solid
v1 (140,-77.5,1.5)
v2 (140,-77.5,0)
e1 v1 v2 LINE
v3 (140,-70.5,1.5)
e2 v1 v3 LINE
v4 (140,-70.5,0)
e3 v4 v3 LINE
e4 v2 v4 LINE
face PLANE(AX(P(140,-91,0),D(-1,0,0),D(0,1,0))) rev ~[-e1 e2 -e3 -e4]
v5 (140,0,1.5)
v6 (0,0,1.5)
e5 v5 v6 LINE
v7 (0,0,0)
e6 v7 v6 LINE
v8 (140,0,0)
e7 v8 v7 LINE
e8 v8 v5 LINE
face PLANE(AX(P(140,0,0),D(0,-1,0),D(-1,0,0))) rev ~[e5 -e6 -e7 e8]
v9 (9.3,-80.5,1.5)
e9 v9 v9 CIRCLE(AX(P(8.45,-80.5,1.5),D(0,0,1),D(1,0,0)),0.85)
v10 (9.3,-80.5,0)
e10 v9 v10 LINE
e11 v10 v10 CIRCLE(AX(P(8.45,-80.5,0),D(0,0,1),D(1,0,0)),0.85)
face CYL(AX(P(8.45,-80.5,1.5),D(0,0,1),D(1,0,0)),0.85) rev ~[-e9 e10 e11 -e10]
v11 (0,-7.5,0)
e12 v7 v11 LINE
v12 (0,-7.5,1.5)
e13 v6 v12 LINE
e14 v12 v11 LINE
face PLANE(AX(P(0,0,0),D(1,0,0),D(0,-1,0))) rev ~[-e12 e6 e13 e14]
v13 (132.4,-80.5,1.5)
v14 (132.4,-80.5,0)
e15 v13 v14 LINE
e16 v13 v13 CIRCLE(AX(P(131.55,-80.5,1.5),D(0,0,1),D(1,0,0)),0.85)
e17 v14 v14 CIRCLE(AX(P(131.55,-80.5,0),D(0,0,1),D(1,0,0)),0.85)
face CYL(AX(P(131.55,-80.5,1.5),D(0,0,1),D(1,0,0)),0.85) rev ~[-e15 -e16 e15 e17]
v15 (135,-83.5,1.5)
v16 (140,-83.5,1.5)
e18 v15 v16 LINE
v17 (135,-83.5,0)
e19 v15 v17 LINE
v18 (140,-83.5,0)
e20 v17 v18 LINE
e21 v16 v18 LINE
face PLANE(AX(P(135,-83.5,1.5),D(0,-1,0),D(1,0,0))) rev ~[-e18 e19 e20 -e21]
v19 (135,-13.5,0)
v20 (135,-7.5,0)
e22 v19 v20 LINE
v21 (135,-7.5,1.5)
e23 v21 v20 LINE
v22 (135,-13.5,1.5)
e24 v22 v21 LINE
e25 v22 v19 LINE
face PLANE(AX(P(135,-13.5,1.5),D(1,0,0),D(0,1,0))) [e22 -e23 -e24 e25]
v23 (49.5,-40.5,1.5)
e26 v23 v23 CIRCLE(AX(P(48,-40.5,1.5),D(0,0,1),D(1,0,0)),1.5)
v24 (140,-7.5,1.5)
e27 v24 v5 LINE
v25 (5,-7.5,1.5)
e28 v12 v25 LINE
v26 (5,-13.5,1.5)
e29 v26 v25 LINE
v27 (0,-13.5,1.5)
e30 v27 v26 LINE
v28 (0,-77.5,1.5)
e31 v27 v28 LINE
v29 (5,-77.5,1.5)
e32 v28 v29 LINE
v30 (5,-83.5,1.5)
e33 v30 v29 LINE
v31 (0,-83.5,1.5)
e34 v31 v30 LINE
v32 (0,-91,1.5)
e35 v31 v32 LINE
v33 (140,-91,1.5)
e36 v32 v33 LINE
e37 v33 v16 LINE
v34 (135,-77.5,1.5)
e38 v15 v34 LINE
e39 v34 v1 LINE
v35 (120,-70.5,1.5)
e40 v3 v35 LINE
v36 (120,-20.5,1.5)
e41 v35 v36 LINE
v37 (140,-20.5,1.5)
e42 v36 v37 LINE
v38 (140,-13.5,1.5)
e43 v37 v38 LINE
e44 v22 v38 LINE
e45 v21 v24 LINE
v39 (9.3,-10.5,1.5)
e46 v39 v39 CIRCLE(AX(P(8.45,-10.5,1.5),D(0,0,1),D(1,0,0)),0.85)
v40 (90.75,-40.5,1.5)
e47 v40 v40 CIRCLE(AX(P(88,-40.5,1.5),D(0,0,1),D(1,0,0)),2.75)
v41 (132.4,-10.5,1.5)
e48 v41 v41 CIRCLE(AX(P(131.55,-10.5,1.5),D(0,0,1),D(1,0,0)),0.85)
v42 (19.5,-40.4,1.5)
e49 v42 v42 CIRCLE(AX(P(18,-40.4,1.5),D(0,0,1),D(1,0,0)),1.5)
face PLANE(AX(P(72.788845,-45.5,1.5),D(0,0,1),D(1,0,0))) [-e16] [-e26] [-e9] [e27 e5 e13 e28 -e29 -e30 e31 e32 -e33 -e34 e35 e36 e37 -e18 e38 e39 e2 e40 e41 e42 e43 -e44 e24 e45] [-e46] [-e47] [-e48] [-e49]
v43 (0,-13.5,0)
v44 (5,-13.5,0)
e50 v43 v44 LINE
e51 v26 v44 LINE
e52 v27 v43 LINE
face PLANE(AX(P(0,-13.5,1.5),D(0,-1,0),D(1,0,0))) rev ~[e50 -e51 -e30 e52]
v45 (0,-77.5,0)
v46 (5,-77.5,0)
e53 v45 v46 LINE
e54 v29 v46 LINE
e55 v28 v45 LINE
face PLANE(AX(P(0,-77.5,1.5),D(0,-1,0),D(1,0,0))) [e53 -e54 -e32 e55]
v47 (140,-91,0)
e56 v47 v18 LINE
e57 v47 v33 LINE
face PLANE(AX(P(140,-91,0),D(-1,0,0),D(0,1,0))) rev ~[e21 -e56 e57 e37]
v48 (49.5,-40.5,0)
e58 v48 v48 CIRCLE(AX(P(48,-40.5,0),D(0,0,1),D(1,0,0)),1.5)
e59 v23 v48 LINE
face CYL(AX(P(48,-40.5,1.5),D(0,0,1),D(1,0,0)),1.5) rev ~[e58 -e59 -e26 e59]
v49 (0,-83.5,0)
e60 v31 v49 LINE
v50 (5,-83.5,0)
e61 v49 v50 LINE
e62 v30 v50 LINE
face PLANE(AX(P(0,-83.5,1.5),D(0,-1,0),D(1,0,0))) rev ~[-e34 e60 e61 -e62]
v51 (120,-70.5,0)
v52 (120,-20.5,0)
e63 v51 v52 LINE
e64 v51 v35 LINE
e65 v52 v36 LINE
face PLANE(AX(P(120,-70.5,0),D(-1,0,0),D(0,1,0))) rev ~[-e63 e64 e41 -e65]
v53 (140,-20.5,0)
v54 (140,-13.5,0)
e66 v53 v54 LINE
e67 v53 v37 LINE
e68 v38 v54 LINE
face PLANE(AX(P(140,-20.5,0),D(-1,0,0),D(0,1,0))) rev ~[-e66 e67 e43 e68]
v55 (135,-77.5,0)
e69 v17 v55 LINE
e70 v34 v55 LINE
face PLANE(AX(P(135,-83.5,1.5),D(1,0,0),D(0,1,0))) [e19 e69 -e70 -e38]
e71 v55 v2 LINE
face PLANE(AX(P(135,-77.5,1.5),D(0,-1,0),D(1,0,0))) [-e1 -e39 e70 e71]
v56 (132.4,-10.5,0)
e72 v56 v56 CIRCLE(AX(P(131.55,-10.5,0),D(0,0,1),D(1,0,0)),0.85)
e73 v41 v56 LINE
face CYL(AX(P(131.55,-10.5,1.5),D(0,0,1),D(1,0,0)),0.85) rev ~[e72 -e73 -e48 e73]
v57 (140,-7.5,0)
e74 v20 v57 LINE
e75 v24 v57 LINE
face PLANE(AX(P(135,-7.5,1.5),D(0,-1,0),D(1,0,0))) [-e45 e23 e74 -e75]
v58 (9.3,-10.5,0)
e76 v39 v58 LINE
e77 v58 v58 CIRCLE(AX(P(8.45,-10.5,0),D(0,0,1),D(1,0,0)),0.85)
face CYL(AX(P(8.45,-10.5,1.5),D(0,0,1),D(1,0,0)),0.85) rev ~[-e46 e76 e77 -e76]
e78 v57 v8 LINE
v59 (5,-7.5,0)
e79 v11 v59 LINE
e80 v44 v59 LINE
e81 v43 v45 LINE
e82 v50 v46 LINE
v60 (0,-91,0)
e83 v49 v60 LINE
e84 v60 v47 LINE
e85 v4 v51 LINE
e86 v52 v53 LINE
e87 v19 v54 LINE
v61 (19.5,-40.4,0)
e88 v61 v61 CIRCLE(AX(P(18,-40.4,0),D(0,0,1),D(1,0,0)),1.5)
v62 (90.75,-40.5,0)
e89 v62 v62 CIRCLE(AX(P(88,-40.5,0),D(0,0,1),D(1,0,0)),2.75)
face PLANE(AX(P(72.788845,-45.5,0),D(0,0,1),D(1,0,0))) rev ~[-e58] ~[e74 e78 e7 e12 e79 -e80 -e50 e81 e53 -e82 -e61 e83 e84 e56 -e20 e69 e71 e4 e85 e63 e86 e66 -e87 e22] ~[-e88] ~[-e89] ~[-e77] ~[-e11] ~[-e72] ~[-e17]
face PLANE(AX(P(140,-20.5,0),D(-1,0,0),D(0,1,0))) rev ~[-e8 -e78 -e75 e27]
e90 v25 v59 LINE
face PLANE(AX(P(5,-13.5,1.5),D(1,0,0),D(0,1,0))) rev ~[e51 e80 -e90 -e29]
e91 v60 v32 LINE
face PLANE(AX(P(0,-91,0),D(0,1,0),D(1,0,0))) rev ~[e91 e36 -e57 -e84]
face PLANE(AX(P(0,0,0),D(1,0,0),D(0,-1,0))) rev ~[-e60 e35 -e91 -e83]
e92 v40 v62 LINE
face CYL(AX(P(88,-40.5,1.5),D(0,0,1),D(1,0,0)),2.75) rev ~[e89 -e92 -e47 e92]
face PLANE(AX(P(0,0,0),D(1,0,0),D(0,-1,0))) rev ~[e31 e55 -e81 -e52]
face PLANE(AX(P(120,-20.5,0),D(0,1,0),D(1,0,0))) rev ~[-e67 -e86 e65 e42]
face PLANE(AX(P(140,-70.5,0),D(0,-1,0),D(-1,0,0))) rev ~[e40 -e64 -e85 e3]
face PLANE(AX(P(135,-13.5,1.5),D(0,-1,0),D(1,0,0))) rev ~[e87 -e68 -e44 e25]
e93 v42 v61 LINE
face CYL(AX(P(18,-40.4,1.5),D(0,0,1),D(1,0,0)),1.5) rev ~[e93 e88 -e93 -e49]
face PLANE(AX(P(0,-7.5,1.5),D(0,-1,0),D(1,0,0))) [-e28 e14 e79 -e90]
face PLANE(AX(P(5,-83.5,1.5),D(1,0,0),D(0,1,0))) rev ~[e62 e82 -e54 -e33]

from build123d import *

# Parameters (mm, degrees)
BOSS_EXTRUDE1_DEPTH = 1.5
SKETCH2_R           = 1.5
SKETCH2_R_2         = 2.75
CUT_EXTRUDE1_DEPTH  = 1.5
SKETCH5_W           = 5
SKETCH5_H           = 6
SKETCH5_R           = 0.85
CUT_EXTRUDE5_DEPTH  = 167.982783544


with BuildPart() as part:
    # Sketch1 → Boss-Extrude1 (new body)
    with BuildSketch(Plane.XY):
        Polygon((140, 0), (0, 0), (0, -91), (140, -91), (140, -70.5), (120, -70.5), (120, -20.5), (140, -20.5), align=None)
    extrude(amount=BOSS_EXTRUDE1_DEPTH)

    # Sketch2 → Cut-Extrude1 (cut)
    with BuildSketch(Plane.XY.offset(1.5)):
        with Locations((18, -40.4)):
            Circle(SKETCH2_R)
        with Locations((48, -40.5)):
            Circle(SKETCH2_R)
        with Locations((88, -40.5)):
            Circle(SKETCH2_R_2)
    extrude(amount=-CUT_EXTRUDE1_DEPTH, mode=Mode.SUBTRACT)

    # Sketch5 → Cut-Extrude5 (cut, through all)
    with BuildSketch(Plane.XY.offset(1.5)):
        with Locations((2.5, -10.5)):
            Rectangle(SKETCH5_W, SKETCH5_H)
        with Locations((2.5, -80.5)):
            Rectangle(SKETCH5_W, SKETCH5_H)
        with Locations((137.5, -80.5)):
            Rectangle(SKETCH5_W, SKETCH5_H)
        with Locations((137.5, -10.5)):
            Rectangle(SKETCH5_W, SKETCH5_H)
        with Locations((8.45, -10.5)):
            Circle(SKETCH5_R)
        with Locations((8.45, -80.5)):
            Circle(SKETCH5_R)
        with Locations((131.55, -80.5)):
            Circle(SKETCH5_R)
        with Locations((131.55, -10.5)):
            Circle(SKETCH5_R)
    extrude(amount=-CUT_EXTRUDE5_DEPTH, mode=Mode.SUBTRACT)


solid = part.part
